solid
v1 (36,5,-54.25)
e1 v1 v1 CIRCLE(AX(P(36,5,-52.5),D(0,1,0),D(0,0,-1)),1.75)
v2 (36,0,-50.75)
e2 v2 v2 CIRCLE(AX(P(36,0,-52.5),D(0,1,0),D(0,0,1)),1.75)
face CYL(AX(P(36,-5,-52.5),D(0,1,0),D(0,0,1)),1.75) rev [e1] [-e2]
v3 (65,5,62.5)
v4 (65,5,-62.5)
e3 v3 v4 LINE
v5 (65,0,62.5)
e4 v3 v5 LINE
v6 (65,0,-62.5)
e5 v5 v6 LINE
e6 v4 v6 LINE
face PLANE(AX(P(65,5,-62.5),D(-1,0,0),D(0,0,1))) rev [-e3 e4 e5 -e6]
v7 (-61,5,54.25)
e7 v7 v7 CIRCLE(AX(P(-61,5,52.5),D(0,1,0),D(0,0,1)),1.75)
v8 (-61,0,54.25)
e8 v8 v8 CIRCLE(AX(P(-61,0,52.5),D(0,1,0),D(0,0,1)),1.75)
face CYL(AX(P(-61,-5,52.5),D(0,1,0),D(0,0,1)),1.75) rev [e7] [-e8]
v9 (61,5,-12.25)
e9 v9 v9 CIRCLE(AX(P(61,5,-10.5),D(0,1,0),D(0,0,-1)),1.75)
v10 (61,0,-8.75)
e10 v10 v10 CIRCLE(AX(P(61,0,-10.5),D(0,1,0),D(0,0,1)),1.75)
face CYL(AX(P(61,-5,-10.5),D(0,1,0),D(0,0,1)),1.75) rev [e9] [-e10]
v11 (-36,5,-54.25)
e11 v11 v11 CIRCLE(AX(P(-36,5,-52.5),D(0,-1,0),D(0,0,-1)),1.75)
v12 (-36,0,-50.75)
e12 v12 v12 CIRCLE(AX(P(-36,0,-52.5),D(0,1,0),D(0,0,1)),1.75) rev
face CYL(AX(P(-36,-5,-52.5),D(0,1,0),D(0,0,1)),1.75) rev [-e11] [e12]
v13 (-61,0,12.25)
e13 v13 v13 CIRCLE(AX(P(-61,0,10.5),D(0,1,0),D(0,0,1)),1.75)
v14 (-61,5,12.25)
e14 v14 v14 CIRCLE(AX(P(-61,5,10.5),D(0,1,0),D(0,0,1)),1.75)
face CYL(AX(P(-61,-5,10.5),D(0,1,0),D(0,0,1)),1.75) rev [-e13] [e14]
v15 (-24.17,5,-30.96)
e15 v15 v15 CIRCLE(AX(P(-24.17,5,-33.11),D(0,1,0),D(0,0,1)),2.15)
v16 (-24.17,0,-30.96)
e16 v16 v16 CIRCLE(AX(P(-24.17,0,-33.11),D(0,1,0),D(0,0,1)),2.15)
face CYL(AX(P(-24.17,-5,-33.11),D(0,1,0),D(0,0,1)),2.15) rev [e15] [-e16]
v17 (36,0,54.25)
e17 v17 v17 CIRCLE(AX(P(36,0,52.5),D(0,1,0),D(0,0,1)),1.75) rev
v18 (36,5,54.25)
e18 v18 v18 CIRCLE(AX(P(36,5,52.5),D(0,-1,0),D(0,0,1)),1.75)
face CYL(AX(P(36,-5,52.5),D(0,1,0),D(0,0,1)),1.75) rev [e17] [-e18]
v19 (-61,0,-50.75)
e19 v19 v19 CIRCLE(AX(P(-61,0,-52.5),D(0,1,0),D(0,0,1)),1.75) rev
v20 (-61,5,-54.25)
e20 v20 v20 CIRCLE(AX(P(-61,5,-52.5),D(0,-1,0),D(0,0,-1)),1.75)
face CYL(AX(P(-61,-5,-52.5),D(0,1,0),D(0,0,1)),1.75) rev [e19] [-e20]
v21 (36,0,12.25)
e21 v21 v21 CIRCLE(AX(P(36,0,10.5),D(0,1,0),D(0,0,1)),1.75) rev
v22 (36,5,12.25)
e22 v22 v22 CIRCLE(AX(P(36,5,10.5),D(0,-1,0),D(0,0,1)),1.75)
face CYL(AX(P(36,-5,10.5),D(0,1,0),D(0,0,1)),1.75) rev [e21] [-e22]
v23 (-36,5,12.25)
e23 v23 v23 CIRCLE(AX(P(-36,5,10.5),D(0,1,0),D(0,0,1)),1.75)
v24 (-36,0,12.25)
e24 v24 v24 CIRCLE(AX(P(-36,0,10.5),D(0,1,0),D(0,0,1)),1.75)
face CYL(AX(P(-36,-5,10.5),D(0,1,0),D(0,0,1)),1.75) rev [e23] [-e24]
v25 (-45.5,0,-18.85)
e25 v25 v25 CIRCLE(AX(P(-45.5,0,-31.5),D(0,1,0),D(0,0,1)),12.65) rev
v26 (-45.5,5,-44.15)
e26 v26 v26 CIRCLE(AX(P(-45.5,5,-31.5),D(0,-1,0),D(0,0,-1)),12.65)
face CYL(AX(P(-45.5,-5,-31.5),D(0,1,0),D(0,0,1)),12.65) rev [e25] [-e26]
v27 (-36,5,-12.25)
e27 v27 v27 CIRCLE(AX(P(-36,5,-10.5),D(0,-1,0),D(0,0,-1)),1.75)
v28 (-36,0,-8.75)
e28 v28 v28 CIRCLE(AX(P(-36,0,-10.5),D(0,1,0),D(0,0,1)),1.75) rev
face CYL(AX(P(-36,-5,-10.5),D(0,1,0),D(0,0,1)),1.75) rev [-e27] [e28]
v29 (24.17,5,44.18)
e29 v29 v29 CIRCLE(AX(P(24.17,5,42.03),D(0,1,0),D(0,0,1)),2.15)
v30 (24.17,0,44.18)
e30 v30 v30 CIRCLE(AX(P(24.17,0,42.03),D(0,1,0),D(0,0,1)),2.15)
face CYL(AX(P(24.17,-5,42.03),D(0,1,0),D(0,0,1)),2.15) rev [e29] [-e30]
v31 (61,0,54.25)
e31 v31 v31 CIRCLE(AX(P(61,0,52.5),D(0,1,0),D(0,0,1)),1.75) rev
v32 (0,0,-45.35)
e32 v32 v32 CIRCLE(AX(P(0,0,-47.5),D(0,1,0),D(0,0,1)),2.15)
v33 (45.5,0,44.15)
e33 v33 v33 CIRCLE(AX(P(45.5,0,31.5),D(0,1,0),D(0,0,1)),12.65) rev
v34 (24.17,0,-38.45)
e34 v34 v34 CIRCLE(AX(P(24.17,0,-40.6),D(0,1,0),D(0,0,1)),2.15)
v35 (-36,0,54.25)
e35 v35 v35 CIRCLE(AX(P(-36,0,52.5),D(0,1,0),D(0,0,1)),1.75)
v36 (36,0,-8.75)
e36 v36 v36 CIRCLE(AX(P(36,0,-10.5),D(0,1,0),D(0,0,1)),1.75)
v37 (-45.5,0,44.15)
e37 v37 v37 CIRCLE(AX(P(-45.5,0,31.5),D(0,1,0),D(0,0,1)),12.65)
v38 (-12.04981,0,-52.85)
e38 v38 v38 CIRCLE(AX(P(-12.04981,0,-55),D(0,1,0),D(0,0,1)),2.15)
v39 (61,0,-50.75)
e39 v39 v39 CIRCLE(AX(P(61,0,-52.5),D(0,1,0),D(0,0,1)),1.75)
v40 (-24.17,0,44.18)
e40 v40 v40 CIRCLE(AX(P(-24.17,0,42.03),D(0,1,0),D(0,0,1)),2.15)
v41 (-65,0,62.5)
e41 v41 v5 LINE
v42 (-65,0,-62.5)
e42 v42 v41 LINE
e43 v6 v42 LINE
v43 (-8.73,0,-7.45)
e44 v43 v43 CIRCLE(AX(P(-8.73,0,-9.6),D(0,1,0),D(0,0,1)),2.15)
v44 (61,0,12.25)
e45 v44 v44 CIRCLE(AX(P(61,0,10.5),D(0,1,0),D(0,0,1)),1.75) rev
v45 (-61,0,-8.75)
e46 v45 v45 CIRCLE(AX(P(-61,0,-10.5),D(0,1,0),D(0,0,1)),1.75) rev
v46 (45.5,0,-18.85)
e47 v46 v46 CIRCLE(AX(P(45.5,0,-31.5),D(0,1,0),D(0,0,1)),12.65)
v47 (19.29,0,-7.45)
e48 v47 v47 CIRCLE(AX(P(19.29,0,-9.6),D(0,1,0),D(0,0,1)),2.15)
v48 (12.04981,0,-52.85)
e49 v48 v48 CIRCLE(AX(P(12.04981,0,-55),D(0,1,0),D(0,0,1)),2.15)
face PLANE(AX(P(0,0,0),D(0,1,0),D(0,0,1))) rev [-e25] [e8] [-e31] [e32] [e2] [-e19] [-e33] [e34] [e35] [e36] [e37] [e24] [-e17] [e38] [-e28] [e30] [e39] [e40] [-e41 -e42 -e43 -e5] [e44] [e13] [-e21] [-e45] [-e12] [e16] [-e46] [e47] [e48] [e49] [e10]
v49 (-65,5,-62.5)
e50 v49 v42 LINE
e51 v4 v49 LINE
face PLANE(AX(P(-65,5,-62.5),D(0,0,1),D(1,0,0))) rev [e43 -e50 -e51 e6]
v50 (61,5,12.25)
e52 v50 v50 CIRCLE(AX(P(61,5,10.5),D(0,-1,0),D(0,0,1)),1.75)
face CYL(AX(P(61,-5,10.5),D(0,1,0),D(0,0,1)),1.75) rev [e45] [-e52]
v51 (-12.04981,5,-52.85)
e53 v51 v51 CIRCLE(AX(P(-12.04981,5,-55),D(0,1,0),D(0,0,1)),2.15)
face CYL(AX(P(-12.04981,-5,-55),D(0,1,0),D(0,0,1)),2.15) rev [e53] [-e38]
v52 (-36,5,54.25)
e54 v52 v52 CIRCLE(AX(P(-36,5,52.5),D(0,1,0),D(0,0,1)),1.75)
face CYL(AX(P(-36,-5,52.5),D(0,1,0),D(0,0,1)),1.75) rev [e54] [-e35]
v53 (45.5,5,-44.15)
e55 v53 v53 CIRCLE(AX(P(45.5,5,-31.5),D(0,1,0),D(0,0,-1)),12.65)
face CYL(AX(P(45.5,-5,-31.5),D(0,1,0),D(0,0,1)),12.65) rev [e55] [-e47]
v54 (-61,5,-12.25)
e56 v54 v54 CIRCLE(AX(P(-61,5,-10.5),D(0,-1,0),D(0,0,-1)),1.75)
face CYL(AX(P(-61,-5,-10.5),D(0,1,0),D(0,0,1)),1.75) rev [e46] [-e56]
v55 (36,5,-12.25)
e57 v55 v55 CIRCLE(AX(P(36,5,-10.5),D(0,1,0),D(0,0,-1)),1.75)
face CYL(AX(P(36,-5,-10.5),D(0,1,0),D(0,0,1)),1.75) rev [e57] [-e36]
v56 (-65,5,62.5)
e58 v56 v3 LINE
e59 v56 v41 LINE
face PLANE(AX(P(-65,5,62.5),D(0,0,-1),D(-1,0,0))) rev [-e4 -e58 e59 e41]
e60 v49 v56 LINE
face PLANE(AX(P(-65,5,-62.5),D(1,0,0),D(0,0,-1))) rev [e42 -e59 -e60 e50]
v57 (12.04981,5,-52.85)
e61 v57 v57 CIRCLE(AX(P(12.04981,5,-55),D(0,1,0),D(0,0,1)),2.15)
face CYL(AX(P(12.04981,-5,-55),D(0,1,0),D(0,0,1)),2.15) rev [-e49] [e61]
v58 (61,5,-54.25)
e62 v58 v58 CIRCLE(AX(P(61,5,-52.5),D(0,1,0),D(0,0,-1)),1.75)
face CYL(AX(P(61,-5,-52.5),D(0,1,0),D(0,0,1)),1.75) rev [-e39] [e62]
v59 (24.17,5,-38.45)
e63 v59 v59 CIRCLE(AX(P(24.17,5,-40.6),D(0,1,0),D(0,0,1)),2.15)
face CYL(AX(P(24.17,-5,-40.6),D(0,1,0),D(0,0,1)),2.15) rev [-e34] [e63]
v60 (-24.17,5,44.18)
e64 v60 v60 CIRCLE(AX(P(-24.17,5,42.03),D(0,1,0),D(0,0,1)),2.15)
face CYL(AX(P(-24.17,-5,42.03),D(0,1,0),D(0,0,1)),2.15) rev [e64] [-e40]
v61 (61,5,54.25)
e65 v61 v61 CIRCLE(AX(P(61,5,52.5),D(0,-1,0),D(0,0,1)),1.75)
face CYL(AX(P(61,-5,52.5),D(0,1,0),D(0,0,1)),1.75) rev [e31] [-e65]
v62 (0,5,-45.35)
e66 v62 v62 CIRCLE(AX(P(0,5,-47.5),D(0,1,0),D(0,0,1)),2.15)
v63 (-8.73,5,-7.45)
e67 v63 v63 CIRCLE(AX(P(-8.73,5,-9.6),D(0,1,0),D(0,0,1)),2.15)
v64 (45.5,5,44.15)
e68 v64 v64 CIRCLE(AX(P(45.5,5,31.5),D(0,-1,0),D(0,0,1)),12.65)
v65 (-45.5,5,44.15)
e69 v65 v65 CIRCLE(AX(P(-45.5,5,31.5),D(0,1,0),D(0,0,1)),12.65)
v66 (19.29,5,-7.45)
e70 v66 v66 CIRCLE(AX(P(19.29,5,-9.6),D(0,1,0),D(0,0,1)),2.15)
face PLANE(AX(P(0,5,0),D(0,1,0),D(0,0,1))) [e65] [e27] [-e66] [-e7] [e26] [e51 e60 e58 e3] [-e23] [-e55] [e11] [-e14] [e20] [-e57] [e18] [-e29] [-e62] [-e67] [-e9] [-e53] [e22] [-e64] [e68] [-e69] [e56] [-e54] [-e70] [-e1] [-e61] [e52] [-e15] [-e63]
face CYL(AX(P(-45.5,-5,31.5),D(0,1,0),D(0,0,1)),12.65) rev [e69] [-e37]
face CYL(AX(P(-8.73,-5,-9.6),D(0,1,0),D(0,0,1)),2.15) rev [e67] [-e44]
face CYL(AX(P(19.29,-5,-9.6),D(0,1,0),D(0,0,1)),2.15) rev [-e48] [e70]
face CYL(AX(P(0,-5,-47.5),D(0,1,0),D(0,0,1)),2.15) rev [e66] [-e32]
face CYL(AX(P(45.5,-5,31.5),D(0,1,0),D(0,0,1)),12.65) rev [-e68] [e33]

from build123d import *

# Parameters (mm, degrees)
SKETCH1_W                 = 130
SKETCH1_H                 = 125
BOSS_EXTRUDE1_DEPTH       = 5
SKETCH2_R                 = 1.75
SKETCH2_R_2               = 12.65
CUT_EXTRUDE1_DEPTH        = 10
MIRROR4_COPY_1_SKETCH_R   = 1.75
MIRROR4_COPY_1_SKETCH_R_2 = 12.65
MIRROR4_COPY_1_DEPTH      = 10
SKETCH3_R                 = 2.15
CUT_EXTRUDE2_DEPTH        = 10
SKETCH4_R                 = 2.15
CUT_EXTRUDE3_DEPTH        = 10


with BuildPart() as part:
    # Sketch1 → Boss-Extrude1 (new body)
    with BuildSketch(Plane(origin=(0, 0, 0), x_dir=(1, 0, 0), z_dir=(0, 1, 0))):
        Rectangle(SKETCH1_W, SKETCH1_H)
    extrude(amount=BOSS_EXTRUDE1_DEPTH)

    # Sketch2 → Cut-Extrude1 (cut)
    with BuildSketch(Plane(origin=(0, 5, 0), x_dir=(1, 0, 0), z_dir=(0, 1, 0))):
        with Locations(Location((-61, -52.5, 0), (0, 0, 270))):
            Circle(SKETCH2_R)
        with Locations(Location((-36, -52.5, 0), (0, 0, 270))):
            Circle(SKETCH2_R)
        with Locations(Location((-36, -10.5, 0), (0, 0, 270))):
            Circle(SKETCH2_R)
        with Locations(Location((-61, -10.5, 0), (0, 0, 270))):
            Circle(SKETCH2_R)
        with Locations(Location((-45.5, -31.5, 0), (0, 0, 270))):
            Circle(SKETCH2_R_2)
    cut_extrude1 = extrude(amount=-CUT_EXTRUDE1_DEPTH, mode=Mode.SUBTRACT)

    # Mirror3: Cut-Extrude1 across plane
    add(cut_extrude1.mirror(Plane.ZY), mode=Mode.SUBTRACT)

    # Mirror4: Cut-Extrude1 across plane
    add(cut_extrude1.mirror(Plane.XY), mode=Mode.SUBTRACT)

    # Mirror4 copy 1 sketch → Mirror4 copy 1 (cut)
    with BuildSketch(Plane(origin=(0, 5, 0), x_dir=(-1, 0, 0), z_dir=(0, 1, 0))):
        with Locations(Location((-61, -52.5, 0), (0, 0, 270))):
            Circle(MIRROR4_COPY_1_SKETCH_R)
        with Locations(Location((-36, -52.5, 0), (0, 0, 270))):
            Circle(MIRROR4_COPY_1_SKETCH_R)
        with Locations(Location((-36, -10.5, 0), (0, 0, 270))):
            Circle(MIRROR4_COPY_1_SKETCH_R)
        with Locations(Location((-61, -10.5, 0), (0, 0, 270))):
            Circle(MIRROR4_COPY_1_SKETCH_R)
        with Locations(Location((-45.5, -31.5, 0), (0, 0, 270))):
            Circle(MIRROR4_COPY_1_SKETCH_R_2)
    extrude(amount=-MIRROR4_COPY_1_DEPTH, mode=Mode.SUBTRACT)

    # Sketch3 → Cut-Extrude2 (cut)
    with BuildSketch(Plane(origin=(0, 5, 0), x_dir=(1, 0, 0), z_dir=(0, 1, 0))):
        with Locations(Location((-24.17, -42.03, 0), (0, 0, 270))):
            Circle(SKETCH3_R)
        with Locations(Location((24.17, -42.03, 0), (0, 0, 270))):
            Circle(SKETCH3_R)
        with Locations(Location((-8.73, 9.6, 0), (0, 0, 270))):
            Circle(SKETCH3_R)
        with Locations(Location((19.29, 9.6, 0), (0, 0, 270))):
            Circle(SKETCH3_R)
        with Locations(Location((-24.17, 33.11, 0), (0, 0, 270))):
            Circle(SKETCH3_R)
        with Locations(Location((24.17, 40.6, 0), (0, 0, 270))):
            Circle(SKETCH3_R)
    extrude(amount=-CUT_EXTRUDE2_DEPTH, mode=Mode.SUBTRACT)

    # Sketch4 → Cut-Extrude3 (cut)
    with BuildSketch(Plane(origin=(0, 5, 0), x_dir=(1, 0, 0), z_dir=(0, 1, 0))):
        with Locations(Location((0, 47.5, 0), (0, 0, 270))):
            Circle(SKETCH4_R)
        with Locations(Location((12.049810205, 55, 0), (0, 0, 270))):
            Circle(SKETCH4_R)
        with Locations(Location((-12.049810205, 55, 0), (0, 0, 270))):
            Circle(SKETCH4_R)
    extrude(amount=-CUT_EXTRUDE3_DEPTH, mode=Mode.SUBTRACT)


solid = part.part
